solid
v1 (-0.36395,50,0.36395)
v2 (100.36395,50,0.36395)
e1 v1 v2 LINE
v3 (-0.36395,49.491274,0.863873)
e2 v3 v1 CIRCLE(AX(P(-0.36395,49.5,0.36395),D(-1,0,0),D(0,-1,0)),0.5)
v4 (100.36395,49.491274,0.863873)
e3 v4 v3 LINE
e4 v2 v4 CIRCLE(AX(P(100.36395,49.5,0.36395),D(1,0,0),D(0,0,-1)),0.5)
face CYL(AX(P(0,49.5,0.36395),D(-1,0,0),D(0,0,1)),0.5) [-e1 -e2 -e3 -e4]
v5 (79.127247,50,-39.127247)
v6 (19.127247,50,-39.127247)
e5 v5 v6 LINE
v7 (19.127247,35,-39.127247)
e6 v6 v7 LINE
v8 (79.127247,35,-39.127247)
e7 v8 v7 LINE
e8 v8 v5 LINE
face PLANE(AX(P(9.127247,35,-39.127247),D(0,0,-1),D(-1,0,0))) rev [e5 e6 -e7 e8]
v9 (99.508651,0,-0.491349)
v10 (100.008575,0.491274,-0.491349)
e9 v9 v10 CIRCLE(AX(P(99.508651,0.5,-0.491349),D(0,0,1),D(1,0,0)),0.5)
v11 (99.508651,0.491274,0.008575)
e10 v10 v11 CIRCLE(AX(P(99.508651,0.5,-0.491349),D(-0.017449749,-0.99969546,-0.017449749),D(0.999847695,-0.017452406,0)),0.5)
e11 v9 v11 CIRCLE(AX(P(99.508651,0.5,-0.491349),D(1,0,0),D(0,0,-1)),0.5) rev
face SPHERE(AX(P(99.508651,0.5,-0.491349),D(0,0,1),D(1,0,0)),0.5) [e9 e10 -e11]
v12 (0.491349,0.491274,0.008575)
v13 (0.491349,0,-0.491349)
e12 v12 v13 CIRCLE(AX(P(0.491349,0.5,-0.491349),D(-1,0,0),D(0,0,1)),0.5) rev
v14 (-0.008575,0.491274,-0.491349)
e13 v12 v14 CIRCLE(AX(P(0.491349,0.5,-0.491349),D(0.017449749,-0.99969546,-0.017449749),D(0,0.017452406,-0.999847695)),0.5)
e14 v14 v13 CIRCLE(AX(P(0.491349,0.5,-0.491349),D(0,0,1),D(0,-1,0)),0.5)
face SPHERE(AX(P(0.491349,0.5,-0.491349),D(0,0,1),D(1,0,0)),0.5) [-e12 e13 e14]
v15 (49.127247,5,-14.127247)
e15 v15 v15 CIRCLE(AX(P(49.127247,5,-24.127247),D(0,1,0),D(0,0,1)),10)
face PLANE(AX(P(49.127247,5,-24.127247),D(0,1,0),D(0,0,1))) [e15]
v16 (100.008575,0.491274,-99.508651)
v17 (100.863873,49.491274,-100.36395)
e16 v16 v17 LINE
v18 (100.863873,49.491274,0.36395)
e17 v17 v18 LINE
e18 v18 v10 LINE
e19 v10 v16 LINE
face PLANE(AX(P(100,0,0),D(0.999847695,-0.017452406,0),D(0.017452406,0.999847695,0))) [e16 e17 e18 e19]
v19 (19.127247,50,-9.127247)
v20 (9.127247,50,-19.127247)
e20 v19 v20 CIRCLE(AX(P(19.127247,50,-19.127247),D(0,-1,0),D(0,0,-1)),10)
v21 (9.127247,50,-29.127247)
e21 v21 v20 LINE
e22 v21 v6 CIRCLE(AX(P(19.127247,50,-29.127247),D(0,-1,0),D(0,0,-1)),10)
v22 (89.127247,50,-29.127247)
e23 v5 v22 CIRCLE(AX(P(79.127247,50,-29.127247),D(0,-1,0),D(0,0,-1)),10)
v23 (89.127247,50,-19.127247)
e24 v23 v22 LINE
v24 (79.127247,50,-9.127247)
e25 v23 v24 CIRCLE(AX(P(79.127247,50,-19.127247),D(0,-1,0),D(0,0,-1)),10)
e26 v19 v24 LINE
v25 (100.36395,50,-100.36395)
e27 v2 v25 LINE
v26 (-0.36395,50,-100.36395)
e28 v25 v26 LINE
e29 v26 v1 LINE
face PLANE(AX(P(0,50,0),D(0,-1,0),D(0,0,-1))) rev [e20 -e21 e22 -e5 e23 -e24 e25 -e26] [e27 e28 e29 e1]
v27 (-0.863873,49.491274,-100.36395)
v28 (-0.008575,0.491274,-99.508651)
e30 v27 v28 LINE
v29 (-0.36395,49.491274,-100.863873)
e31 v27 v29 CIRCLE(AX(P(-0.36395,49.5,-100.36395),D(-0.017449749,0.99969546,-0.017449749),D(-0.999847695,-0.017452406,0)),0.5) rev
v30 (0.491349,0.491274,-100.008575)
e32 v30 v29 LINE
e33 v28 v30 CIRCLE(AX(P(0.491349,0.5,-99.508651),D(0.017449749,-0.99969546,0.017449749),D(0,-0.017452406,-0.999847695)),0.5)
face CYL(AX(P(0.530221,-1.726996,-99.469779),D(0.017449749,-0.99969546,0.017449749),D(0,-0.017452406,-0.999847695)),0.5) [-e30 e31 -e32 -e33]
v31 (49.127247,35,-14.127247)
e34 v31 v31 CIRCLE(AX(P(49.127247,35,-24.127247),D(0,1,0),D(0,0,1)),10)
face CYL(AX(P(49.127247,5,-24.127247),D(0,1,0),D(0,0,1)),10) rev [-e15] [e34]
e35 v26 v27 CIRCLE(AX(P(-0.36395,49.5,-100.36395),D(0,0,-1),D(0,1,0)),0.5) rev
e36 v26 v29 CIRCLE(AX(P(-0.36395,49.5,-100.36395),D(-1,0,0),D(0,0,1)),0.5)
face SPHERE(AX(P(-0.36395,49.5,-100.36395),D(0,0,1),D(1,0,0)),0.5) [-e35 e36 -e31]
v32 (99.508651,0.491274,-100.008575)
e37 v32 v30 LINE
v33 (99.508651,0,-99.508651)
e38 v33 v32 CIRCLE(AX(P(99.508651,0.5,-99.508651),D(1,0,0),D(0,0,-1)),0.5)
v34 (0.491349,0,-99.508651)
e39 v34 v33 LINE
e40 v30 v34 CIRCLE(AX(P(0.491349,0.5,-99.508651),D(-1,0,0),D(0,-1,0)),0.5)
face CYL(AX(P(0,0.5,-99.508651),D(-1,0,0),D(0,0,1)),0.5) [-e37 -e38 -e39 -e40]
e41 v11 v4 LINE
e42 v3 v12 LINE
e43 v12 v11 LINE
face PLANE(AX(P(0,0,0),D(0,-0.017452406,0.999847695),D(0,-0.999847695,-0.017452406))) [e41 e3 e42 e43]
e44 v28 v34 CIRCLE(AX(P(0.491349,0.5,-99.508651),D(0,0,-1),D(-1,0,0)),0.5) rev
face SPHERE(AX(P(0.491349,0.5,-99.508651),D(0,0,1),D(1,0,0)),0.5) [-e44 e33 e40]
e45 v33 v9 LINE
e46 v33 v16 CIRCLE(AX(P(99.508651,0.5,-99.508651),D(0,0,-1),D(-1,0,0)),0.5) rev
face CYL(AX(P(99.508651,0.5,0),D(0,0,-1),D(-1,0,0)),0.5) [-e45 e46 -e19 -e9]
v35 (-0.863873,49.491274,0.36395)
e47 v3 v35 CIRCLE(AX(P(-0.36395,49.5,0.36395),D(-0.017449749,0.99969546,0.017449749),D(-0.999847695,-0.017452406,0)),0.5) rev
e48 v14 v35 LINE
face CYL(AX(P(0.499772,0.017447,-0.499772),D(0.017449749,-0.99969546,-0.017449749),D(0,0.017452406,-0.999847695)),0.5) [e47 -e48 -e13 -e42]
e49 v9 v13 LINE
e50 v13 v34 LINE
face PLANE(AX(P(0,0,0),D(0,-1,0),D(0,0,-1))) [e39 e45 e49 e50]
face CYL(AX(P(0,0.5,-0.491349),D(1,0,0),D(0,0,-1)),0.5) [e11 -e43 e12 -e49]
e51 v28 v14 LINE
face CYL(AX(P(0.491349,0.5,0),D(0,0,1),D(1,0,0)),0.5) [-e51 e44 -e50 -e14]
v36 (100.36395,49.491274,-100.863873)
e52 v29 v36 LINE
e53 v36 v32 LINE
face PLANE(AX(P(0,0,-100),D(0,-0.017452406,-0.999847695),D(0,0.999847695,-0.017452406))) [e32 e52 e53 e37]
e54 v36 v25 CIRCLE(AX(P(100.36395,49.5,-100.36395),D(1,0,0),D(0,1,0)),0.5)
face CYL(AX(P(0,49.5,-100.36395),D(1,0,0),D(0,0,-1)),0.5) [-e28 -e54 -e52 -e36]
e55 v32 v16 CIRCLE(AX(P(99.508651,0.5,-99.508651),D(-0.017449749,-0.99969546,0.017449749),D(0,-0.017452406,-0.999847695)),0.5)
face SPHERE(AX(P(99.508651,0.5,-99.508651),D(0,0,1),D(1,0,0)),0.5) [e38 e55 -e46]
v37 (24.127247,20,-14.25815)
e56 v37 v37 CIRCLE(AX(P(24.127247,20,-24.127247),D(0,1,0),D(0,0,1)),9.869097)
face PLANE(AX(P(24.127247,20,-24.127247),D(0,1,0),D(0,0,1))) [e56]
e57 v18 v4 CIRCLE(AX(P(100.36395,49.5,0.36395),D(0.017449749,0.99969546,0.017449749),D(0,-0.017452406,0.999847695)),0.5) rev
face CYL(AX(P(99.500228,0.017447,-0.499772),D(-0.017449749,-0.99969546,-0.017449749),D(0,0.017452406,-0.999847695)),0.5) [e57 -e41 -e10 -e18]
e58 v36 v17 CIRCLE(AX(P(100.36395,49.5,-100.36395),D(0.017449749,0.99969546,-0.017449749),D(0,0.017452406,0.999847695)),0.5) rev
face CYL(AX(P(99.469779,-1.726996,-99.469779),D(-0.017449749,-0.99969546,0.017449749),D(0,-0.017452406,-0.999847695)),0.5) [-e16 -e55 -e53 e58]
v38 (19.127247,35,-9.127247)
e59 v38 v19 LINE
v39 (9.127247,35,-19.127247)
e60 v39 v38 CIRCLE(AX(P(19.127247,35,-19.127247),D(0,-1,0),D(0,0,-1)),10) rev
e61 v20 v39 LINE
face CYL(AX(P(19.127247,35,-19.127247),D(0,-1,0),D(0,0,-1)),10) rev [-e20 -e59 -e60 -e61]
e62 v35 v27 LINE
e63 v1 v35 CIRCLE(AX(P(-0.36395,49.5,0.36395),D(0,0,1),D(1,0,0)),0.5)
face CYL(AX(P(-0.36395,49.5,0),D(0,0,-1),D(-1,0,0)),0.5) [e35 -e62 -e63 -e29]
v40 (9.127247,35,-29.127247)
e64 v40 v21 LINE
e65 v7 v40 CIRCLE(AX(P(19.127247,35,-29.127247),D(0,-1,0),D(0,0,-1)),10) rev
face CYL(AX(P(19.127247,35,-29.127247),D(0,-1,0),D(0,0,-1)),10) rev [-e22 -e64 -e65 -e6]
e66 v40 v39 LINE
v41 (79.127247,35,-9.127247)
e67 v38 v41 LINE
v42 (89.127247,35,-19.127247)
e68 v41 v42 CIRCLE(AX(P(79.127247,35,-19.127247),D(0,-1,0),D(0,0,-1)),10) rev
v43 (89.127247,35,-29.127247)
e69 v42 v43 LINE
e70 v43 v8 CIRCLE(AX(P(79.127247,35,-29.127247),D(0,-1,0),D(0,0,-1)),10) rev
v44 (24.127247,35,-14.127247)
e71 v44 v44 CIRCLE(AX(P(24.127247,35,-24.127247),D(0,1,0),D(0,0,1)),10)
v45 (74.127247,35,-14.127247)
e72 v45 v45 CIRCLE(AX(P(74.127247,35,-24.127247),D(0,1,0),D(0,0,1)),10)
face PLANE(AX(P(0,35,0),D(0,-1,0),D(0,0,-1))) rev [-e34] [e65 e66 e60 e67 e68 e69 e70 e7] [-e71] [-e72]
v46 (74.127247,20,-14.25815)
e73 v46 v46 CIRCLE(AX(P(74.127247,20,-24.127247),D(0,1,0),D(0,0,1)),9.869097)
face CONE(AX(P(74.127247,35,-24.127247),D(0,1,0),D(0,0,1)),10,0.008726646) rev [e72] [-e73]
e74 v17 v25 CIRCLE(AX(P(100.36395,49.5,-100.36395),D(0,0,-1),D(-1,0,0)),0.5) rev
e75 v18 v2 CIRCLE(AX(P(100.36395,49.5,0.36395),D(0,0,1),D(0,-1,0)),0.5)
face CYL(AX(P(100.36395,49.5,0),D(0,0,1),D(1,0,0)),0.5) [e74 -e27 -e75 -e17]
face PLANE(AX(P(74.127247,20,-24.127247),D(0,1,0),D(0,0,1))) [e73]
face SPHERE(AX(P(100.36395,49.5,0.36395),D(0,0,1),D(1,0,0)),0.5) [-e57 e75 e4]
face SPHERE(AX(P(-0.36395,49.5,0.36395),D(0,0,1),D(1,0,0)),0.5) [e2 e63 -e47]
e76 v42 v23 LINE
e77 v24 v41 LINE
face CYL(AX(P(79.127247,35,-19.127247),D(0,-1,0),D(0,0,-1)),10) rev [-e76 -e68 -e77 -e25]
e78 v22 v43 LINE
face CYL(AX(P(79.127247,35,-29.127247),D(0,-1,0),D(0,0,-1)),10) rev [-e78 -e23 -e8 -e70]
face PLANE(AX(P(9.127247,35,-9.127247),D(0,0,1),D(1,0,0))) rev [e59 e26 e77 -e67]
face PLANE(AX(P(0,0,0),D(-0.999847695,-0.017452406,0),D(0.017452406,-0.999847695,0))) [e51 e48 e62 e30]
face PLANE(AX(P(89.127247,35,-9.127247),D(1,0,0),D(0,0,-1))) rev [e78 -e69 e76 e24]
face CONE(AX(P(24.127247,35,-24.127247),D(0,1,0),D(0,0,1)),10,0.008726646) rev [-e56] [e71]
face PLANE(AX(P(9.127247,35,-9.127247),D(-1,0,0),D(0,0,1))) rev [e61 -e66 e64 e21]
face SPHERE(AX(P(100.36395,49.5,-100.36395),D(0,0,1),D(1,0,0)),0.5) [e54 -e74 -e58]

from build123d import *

# Parameters (mm, degrees)
SKETCH1_W                    = 100
SKETCH1_H                    = 100
BOSS_EXTRUDE1_DEPTH          = 50
BOSS_EXTRUDE1_DRAFT          = -1
SKETCH3_W                    = 80
SKETCH3_H                    = 30
CUT_EXTRUDE2_DEPTH           = 15
FILLET1_R                    = 10
SKETCH4_R                    = 10
CUT_EXTRUDE3_DEPTH           = 15
CUT_EXTRUDE3_DRAFT           = -0.5
CUT_EXTRUDE3_PROFILE_2_DEPTH = 15
CUT_EXTRUDE3_PROFILE_2_DRAFT = -0.5
SKETCH5_R                    = 10
CUT_EXTRUDE4_DEPTH           = 30
FILLET2_R                    = 0.5


with BuildPart() as part:
    # Sketch1 → Boss-Extrude1 (with draft: the straight prism first)
    with BuildSketch(Plane(origin=(0, 0, 0), x_dir=(1, 0, 0), z_dir=(0, 1, 0))):
        with Locations((50, 50)):
            Rectangle(SKETCH1_W, SKETCH1_H)
    extrude(amount=BOSS_EXTRUDE1_DEPTH)
    # Boss-Extrude1: the draft: its side faces are tilted about the plane it starts from
    boss_extrude1_sides = [part.faces().sort_by_distance(p)[0] for p in [
        (50, 25, 0),
        (100, 25, -50),
        (50, 25, -100),
        (0, 25, -50),
    ]]
    draft(boss_extrude1_sides, Plane(origin=(0, 0, 0), x_dir=(1, 0, 0), z_dir=(0, 1, 0)), BOSS_EXTRUDE1_DRAFT)

    # Sketch3 → Cut-Extrude2 (cut)
    with BuildSketch(Plane(origin=(0, 50, 0), x_dir=(1, 0, 0), z_dir=(0, 1, 0))):
        with Locations((49.127246754, 24.127246754)):
            Rectangle(SKETCH3_W, SKETCH3_H)
    extrude(amount=-CUT_EXTRUDE2_DEPTH, mode=Mode.SUBTRACT)

    # Fillet1
    fillet1_edges = [part.edges().sort_by_distance(p)[0] for p in [
        (9.127246754, 42.5, -9.127246754),
        (9.127246754, 42.5, -39.127246754),
        (89.127246754, 42.5, -39.127246754),
        (89.127246754, 42.5, -9.127246754),
    ]]
    fillet(fillet1_edges, radius=FILLET1_R)


with BuildPart() as cut_extrude3_tool:
    # Sketch4 → Cut-Extrude3 (with draft: the straight prism first)
    with BuildSketch(Plane(origin=(0, 35, 0), x_dir=(1, 0, 0), z_dir=(0, 1, 0))):
        with Locations((24.127246754, 24.127246754)):
            Circle(SKETCH4_R)
    extrude(amount=-CUT_EXTRUDE3_DEPTH)
    # Cut-Extrude3: the draft: its side faces are tilted about the plane it starts from
    cut_extrude3_sides = [cut_extrude3_tool.faces().sort_by_distance(p)[0] for p in [
        (14.127246754, 27.5, -24.127246754),
    ]]
    draft(cut_extrude3_sides, Plane(origin=(0, 35, 0), x_dir=(1, 0, 0), z_dir=(0, 1, 0)), CUT_EXTRUDE3_DRAFT)


with BuildPart() as part_1:
    add(part.part)

    # Cut-Extrude3: cut by cut_extrude3_tool
    add(cut_extrude3_tool.part, mode=Mode.SUBTRACT)


with BuildPart() as cut_extrude3_profile_2_tool:
    # Sketch4 → Cut-Extrude3 profile 2 (with draft: the straight prism first)
    with BuildSketch(Plane(origin=(0, 35, 0), x_dir=(1, 0, 0), z_dir=(0, 1, 0))):
        with Locations((74.127246754, 24.127246754)):
            Circle(SKETCH4_R)
    extrude(amount=-CUT_EXTRUDE3_PROFILE_2_DEPTH)
    # Cut-Extrude3 profile 2: the draft: its side faces are tilted about the plane it starts from
    cut_extrude3_profile_2_sides = [cut_extrude3_profile_2_tool.faces().sort_by_distance(p)[0] for p in [
        (64.127246754, 27.5, -24.127246754),
    ]]
    draft(cut_extrude3_profile_2_sides, Plane(origin=(0, 35, 0), x_dir=(1, 0, 0), z_dir=(0, 1, 0)), CUT_EXTRUDE3_PROFILE_2_DRAFT)


with BuildPart() as part_2:
    add(part_1.part)

    # Cut-Extrude3 profile 2: cut by cut_extrude3_profile_2_tool
    add(cut_extrude3_profile_2_tool.part, mode=Mode.SUBTRACT)

    # Sketch5 → Cut-Extrude4 (cut)
    with BuildSketch(Plane(origin=(0, 35, 0), x_dir=(1, 0, 0), z_dir=(0, 1, 0))):
        with Locations(Location((49.127246754, 24.127246754, 0), (0, 0, 270))):
            Circle(SKETCH5_R)
    extrude(amount=-CUT_EXTRUDE4_DEPTH, mode=Mode.SUBTRACT)

    # Fillet2
    fillet2_edges = [part_2.edges().sort_by_distance(p)[0] for p in [
        (100.872753246, 50, -50),
        (50, 50, -100.872753246),
        (-0.872753246, 50, -50),
        (50, 0, -100),
        (100, 0, -50),
        (50, 0, 0),
        (0, 0, -50),
        (50, 50, 0.872753246),
        (-0.436376623, 25, -100.436376623),
        (100.436376623, 25, -100.436376623),
        (100.436376623, 25, 0.436376623),
        (-0.436376623, 25, 0.436376623),
    ]]
    fillet(fillet2_edges, radius=FILLET2_R)


solid = part_2.part
